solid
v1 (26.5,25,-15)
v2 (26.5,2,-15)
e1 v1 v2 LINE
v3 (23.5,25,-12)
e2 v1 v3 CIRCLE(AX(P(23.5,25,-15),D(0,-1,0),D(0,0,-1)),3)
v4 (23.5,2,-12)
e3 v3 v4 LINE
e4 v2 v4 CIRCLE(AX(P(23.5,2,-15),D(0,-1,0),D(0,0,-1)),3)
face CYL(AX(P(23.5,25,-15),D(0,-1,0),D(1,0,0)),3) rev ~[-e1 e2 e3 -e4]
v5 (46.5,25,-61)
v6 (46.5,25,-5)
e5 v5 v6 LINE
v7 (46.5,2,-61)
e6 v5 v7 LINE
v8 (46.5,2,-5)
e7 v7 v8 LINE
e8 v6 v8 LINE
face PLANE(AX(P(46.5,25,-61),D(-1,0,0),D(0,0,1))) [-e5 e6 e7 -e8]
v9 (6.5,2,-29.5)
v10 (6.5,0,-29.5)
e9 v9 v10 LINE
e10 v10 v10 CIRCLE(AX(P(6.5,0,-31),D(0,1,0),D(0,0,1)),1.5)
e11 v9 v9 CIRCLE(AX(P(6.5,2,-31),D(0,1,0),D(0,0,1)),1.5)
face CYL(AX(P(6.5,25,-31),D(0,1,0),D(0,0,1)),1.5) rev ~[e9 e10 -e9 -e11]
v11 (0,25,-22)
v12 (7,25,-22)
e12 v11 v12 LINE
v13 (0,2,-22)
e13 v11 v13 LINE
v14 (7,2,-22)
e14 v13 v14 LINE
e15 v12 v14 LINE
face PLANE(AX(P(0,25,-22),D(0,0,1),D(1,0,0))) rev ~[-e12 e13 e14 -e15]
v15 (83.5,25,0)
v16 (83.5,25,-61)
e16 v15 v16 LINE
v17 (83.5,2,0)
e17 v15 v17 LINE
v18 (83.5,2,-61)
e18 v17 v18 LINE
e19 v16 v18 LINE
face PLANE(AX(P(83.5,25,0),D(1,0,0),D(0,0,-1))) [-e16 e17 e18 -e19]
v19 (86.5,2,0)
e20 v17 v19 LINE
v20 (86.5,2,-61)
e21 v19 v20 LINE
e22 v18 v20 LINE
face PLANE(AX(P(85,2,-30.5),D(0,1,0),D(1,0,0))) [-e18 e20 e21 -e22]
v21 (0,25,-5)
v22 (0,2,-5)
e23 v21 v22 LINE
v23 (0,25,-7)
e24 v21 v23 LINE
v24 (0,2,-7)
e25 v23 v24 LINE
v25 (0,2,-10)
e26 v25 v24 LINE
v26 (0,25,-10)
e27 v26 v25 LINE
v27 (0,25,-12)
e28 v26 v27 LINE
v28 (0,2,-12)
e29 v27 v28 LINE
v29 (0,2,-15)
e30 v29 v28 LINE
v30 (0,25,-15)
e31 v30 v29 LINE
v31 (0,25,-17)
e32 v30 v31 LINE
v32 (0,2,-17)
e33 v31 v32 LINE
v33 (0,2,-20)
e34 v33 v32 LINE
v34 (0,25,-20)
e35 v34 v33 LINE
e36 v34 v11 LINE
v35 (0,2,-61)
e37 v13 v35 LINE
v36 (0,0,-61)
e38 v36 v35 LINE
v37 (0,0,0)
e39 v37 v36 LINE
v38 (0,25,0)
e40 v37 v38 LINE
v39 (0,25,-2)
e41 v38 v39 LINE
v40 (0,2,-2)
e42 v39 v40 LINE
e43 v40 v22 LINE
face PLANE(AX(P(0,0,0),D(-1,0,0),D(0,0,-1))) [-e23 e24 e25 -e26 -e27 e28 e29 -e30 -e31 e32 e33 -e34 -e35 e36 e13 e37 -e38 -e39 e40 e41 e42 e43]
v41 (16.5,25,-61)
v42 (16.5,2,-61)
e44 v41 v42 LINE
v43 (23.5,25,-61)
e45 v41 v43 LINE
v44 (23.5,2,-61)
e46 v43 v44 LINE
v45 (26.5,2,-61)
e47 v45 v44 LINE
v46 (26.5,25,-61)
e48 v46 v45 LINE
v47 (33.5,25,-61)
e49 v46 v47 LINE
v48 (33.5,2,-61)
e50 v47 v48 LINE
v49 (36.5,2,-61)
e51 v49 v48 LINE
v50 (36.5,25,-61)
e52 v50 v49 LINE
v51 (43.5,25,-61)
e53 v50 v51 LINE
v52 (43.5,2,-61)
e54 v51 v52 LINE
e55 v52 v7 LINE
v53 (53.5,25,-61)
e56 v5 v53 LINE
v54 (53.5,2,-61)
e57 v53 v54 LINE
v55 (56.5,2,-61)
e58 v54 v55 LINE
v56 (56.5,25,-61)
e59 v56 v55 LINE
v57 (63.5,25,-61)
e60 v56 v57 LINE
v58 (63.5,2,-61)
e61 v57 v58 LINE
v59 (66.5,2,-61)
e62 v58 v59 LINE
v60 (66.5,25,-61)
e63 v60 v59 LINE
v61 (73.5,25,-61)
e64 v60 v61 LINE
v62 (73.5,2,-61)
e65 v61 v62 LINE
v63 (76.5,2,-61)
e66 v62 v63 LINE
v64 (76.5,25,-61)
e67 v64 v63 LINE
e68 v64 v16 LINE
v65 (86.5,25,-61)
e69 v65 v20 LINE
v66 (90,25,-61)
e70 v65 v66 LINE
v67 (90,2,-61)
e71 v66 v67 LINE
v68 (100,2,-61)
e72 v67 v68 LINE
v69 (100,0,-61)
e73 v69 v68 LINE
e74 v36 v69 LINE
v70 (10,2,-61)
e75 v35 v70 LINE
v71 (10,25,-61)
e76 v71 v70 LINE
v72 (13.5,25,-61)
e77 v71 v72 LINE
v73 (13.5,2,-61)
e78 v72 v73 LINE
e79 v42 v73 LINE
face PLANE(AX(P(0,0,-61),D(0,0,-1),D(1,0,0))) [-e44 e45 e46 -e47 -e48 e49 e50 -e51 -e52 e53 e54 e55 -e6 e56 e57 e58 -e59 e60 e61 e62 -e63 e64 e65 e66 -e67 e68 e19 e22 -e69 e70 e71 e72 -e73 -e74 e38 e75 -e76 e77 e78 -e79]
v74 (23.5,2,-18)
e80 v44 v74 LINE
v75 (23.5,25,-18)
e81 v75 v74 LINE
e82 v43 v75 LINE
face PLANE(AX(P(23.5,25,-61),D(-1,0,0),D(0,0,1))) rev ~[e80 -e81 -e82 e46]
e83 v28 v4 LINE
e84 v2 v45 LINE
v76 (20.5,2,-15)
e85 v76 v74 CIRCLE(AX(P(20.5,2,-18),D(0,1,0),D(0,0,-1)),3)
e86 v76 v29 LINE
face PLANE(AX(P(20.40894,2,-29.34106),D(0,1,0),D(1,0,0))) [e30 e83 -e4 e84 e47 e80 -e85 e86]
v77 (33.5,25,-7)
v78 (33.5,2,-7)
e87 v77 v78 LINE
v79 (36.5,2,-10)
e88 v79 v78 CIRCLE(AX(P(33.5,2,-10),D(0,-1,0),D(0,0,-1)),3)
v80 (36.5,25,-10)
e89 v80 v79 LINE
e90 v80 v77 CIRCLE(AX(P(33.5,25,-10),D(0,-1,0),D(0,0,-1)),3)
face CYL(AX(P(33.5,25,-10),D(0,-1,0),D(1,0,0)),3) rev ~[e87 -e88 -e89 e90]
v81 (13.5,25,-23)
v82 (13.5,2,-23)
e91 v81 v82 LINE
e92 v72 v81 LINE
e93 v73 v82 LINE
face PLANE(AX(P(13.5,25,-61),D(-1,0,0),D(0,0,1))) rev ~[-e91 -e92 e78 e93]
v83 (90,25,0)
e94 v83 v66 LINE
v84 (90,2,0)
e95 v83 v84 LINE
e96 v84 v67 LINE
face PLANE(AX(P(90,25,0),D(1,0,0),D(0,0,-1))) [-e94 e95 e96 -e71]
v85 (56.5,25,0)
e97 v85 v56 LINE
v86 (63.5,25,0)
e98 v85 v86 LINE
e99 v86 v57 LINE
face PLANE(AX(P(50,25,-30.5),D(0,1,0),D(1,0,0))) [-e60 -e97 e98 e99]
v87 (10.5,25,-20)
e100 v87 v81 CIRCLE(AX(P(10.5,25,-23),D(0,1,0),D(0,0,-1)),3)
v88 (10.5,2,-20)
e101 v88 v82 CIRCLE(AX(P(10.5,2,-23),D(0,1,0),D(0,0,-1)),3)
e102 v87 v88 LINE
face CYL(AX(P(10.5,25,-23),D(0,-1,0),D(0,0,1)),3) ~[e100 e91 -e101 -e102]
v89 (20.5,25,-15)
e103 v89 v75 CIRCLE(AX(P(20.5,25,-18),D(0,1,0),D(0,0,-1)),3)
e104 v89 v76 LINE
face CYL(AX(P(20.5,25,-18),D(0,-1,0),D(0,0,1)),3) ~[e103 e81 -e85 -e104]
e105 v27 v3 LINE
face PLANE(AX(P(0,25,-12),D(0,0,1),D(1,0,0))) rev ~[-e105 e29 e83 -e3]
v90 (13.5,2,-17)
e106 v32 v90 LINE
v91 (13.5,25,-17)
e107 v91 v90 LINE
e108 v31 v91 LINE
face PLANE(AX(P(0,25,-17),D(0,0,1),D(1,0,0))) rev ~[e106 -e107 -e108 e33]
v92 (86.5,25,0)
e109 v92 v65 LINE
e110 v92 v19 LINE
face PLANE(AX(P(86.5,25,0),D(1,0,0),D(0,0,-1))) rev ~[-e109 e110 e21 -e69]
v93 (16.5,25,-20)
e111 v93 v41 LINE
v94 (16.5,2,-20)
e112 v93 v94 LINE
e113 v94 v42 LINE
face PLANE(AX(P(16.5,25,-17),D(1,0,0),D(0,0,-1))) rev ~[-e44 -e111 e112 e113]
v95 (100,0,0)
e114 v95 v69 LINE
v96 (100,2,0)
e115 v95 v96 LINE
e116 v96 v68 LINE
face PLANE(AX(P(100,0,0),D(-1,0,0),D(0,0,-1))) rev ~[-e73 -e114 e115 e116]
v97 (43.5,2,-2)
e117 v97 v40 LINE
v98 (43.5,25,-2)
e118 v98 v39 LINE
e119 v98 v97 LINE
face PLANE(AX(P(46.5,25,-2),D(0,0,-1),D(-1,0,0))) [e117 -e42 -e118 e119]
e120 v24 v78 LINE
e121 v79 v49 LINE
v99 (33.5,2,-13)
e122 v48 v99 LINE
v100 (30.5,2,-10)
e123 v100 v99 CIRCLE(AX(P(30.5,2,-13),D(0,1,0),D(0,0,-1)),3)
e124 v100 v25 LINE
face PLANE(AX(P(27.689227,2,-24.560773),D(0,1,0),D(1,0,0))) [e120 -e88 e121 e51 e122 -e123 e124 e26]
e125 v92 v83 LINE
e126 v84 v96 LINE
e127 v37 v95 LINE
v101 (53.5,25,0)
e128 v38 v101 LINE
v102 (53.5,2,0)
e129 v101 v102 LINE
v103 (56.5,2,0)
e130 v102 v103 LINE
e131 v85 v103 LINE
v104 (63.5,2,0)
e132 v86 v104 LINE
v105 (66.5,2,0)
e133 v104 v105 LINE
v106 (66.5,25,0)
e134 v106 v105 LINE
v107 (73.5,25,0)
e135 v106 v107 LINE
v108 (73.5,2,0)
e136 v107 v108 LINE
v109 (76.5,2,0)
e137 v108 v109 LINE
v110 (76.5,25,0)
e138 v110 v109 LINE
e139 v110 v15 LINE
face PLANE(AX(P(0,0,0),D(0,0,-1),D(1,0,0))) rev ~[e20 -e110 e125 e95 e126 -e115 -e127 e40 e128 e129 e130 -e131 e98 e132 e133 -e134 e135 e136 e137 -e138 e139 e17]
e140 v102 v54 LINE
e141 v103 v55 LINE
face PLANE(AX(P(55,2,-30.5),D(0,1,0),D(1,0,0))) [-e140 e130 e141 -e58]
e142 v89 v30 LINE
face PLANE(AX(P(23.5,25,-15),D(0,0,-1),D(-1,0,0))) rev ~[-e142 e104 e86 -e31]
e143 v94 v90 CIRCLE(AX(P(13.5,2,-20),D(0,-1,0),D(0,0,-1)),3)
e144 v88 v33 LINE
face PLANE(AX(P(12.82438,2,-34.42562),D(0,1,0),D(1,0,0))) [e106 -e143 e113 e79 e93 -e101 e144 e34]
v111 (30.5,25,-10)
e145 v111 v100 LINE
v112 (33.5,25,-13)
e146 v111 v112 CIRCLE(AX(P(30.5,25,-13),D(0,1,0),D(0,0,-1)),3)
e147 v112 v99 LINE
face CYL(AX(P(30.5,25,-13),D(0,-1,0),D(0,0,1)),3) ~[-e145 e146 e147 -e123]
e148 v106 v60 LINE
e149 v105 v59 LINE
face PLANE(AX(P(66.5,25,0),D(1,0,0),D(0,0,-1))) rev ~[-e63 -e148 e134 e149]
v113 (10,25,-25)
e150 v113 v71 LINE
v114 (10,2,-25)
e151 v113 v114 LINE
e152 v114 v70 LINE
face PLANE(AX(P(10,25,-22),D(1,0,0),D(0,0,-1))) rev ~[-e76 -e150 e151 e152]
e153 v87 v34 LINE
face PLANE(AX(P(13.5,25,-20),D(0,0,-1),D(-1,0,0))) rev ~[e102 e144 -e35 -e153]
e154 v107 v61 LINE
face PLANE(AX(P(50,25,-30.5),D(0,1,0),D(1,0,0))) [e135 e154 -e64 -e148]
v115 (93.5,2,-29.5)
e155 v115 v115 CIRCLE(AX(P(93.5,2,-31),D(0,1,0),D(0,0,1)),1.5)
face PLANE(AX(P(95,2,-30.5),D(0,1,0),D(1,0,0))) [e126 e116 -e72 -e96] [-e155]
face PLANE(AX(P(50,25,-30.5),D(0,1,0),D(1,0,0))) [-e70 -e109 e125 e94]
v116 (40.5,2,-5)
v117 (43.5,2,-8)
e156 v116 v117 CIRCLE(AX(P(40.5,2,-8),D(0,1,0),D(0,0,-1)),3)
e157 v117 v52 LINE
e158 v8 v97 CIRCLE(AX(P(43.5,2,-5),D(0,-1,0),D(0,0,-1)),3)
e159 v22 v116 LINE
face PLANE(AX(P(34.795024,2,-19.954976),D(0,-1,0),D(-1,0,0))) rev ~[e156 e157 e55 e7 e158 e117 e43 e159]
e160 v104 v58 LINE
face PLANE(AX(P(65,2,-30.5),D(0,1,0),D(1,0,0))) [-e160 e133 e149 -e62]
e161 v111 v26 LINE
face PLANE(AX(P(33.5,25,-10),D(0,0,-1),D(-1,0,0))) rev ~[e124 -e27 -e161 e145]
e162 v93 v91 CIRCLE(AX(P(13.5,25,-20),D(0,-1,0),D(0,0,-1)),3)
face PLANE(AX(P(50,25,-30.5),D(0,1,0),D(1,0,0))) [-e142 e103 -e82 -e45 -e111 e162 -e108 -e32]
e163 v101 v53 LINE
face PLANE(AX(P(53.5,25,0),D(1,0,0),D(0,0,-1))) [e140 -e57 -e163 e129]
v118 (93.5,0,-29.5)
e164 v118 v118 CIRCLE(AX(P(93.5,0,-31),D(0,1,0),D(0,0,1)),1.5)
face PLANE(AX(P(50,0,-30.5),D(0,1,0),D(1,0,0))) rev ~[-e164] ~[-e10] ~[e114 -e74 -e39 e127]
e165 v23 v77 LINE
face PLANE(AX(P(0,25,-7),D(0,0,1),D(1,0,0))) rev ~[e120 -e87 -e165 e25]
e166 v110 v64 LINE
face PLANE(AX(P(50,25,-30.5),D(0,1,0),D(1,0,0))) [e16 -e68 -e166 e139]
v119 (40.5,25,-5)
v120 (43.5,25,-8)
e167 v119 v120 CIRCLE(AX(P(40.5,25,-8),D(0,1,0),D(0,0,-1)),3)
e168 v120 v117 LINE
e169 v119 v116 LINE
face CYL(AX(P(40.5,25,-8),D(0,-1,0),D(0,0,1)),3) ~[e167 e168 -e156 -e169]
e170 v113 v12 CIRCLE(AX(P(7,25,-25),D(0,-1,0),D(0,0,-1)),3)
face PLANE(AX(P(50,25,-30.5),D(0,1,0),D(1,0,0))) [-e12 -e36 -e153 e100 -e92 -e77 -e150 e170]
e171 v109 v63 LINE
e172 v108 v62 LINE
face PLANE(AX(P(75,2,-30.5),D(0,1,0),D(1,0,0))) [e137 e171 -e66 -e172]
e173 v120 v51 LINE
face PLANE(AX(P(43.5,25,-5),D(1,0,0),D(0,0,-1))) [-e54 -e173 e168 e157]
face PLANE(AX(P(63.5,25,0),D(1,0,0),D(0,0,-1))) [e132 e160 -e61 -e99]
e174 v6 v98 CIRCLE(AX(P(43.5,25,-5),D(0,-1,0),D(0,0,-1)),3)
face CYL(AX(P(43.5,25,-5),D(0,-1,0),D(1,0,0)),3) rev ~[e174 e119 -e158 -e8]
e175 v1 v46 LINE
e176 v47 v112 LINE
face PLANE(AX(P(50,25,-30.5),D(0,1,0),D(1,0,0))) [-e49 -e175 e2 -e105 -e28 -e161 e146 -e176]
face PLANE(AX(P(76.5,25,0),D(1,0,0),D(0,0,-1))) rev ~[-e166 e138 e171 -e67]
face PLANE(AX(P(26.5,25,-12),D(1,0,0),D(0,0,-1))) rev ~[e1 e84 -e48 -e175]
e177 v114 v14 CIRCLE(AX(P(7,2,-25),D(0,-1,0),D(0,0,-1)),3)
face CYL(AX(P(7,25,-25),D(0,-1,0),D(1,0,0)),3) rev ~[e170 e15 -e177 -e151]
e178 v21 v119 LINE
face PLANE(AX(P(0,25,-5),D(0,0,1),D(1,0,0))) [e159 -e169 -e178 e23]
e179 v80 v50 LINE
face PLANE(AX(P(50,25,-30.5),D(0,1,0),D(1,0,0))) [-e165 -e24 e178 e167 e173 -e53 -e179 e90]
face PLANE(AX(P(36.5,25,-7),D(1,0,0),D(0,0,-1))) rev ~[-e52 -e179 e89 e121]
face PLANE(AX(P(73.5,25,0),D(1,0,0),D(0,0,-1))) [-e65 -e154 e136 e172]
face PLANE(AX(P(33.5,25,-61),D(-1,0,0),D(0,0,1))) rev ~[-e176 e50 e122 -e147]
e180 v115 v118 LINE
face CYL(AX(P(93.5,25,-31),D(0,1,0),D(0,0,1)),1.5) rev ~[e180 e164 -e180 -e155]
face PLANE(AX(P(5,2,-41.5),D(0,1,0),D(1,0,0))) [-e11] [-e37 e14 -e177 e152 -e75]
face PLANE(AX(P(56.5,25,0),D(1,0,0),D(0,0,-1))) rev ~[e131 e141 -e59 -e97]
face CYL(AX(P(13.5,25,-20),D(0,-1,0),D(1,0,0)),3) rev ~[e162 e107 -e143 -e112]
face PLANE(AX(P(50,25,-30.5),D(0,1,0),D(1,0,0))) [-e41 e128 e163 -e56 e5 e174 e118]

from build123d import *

# Parameters (mm, degrees)
PROFILESKETCH1_W                = 100
PROFILESKETCH1_H                = 61
PROFILEBOSS_EXTRUDE1_DEPTH      = 25
CABLE_GUIDESSKETCH2_W           = 3
CABLE_GUIDESSKETCH2_H           = 61
CABLEGUIDESCUT_EXTRUDE1_DEPTH   = 23
FASTENERTABSKETCH1_W            = 10
FASTENERTABSKETCH1_H            = 39
FASTENERTABSKETCH1_H_2          = 61
FASTENERTABCUT_EXTRUDE1_DEPTH   = 23
FASTENINGHOLESKETCH2_R          = 1.5
FASTENINGHOLECUT_EXTRUDE2_DEPTH = 120.774788666
FILLET1_R                       = 3
FILLET2_R                       = 3


with BuildPart() as part:
    # ProfileSketch1 → ProfileBoss-Extrude1 (new body)
    with BuildSketch(Plane(origin=(0, 0, 0), x_dir=(1, 0, 0), z_dir=(0, 1, 0))):
        with Locations((50, 30.5)):
            Rectangle(PROFILESKETCH1_W, PROFILESKETCH1_H)
    extrude(amount=PROFILEBOSS_EXTRUDE1_DEPTH)

    # Cable GuidesSketch2 → CableGuidesCut-Extrude1 (cut)
    with BuildSketch(Plane(origin=(0, 25, 0), x_dir=(1, 0, 0), z_dir=(0, 1, 0))):
        Polygon((43.5, 61), (46.5, 61), (46.5, 2), (0, 2), (0, 5), (43.5, 5), align=None)
        Polygon((0, 20), (0, 17), (16.5, 17), (16.5, 61), (13.5, 61), (13.5, 20), align=None)
        Polygon((0, 7), (36.5, 7), (36.5, 61), (33.5, 61), (33.5, 10), (0, 10), align=None)
        Polygon((0, 12), (26.5, 12), (26.5, 61), (23.5, 61), (23.5, 15), (0, 15), align=None)
        with Locations((55, 30.5)):
            Rectangle(CABLE_GUIDESSKETCH2_W, CABLE_GUIDESSKETCH2_H)
        with Locations((65, 30.5)):
            Rectangle(CABLE_GUIDESSKETCH2_W, CABLE_GUIDESSKETCH2_H)
        with Locations((75, 30.5)):
            Rectangle(CABLE_GUIDESSKETCH2_W, CABLE_GUIDESSKETCH2_H)
        with Locations((85, 30.5)):
            Rectangle(CABLE_GUIDESSKETCH2_W, CABLE_GUIDESSKETCH2_H)
    extrude(amount=-CABLEGUIDESCUT_EXTRUDE1_DEPTH, mode=Mode.SUBTRACT)

    # FastenerTabSketch1 → FastenerTabCut-Extrude1 (cut)
    with BuildSketch(Plane(origin=(0, 25, 0), x_dir=(1, 0, 0), z_dir=(0, 1, 0))):
        with Locations((5, 41.5)):
            Rectangle(FASTENERTABSKETCH1_W, FASTENERTABSKETCH1_H)
        with Locations((95, 30.5)):
            Rectangle(FASTENERTABSKETCH1_W, FASTENERTABSKETCH1_H_2)
    extrude(amount=-FASTENERTABCUT_EXTRUDE1_DEPTH, mode=Mode.SUBTRACT)

    # FasteningHoleSketch2 → FasteningHoleCut-Extrude2 (cut, through all)
    with BuildSketch(Plane(origin=(0, 25, 0), x_dir=(1, 0, 0), z_dir=(0, 1, 0))):
        with Locations(Location((6.5, 31, 0), (0, 0, 270))):
            Circle(FASTENINGHOLESKETCH2_R)
        with Locations(Location((93.5, 31, 0), (0, 0, 270))):
            Circle(FASTENINGHOLESKETCH2_R)
    extrude(amount=-FASTENINGHOLECUT_EXTRUDE2_DEPTH, mode=Mode.SUBTRACT)

    # Fillet1
    fillet1_edges = [part.edges().sort_by_distance(p)[0] for p in [
        (43.5, 13.5, -5),
        (23.5, 13.5, -15),
        (33.5, 13.5, -10),
        (13.5, 13.5, -20),
    ]]
    fillet(fillet1_edges, radius=FILLET1_R)

    # Fillet2
    fillet2_edges = [part.edges().sort_by_distance(p)[0] for p in [
        (46.5, 13.5, -2),
        (10, 13.5, -22),
        (26.5, 13.5, -12),
        (36.5, 13.5, -7),
        (16.5, 13.5, -17),
    ]]
    fillet(fillet2_edges, radius=FILLET2_R)


solid = part.part
